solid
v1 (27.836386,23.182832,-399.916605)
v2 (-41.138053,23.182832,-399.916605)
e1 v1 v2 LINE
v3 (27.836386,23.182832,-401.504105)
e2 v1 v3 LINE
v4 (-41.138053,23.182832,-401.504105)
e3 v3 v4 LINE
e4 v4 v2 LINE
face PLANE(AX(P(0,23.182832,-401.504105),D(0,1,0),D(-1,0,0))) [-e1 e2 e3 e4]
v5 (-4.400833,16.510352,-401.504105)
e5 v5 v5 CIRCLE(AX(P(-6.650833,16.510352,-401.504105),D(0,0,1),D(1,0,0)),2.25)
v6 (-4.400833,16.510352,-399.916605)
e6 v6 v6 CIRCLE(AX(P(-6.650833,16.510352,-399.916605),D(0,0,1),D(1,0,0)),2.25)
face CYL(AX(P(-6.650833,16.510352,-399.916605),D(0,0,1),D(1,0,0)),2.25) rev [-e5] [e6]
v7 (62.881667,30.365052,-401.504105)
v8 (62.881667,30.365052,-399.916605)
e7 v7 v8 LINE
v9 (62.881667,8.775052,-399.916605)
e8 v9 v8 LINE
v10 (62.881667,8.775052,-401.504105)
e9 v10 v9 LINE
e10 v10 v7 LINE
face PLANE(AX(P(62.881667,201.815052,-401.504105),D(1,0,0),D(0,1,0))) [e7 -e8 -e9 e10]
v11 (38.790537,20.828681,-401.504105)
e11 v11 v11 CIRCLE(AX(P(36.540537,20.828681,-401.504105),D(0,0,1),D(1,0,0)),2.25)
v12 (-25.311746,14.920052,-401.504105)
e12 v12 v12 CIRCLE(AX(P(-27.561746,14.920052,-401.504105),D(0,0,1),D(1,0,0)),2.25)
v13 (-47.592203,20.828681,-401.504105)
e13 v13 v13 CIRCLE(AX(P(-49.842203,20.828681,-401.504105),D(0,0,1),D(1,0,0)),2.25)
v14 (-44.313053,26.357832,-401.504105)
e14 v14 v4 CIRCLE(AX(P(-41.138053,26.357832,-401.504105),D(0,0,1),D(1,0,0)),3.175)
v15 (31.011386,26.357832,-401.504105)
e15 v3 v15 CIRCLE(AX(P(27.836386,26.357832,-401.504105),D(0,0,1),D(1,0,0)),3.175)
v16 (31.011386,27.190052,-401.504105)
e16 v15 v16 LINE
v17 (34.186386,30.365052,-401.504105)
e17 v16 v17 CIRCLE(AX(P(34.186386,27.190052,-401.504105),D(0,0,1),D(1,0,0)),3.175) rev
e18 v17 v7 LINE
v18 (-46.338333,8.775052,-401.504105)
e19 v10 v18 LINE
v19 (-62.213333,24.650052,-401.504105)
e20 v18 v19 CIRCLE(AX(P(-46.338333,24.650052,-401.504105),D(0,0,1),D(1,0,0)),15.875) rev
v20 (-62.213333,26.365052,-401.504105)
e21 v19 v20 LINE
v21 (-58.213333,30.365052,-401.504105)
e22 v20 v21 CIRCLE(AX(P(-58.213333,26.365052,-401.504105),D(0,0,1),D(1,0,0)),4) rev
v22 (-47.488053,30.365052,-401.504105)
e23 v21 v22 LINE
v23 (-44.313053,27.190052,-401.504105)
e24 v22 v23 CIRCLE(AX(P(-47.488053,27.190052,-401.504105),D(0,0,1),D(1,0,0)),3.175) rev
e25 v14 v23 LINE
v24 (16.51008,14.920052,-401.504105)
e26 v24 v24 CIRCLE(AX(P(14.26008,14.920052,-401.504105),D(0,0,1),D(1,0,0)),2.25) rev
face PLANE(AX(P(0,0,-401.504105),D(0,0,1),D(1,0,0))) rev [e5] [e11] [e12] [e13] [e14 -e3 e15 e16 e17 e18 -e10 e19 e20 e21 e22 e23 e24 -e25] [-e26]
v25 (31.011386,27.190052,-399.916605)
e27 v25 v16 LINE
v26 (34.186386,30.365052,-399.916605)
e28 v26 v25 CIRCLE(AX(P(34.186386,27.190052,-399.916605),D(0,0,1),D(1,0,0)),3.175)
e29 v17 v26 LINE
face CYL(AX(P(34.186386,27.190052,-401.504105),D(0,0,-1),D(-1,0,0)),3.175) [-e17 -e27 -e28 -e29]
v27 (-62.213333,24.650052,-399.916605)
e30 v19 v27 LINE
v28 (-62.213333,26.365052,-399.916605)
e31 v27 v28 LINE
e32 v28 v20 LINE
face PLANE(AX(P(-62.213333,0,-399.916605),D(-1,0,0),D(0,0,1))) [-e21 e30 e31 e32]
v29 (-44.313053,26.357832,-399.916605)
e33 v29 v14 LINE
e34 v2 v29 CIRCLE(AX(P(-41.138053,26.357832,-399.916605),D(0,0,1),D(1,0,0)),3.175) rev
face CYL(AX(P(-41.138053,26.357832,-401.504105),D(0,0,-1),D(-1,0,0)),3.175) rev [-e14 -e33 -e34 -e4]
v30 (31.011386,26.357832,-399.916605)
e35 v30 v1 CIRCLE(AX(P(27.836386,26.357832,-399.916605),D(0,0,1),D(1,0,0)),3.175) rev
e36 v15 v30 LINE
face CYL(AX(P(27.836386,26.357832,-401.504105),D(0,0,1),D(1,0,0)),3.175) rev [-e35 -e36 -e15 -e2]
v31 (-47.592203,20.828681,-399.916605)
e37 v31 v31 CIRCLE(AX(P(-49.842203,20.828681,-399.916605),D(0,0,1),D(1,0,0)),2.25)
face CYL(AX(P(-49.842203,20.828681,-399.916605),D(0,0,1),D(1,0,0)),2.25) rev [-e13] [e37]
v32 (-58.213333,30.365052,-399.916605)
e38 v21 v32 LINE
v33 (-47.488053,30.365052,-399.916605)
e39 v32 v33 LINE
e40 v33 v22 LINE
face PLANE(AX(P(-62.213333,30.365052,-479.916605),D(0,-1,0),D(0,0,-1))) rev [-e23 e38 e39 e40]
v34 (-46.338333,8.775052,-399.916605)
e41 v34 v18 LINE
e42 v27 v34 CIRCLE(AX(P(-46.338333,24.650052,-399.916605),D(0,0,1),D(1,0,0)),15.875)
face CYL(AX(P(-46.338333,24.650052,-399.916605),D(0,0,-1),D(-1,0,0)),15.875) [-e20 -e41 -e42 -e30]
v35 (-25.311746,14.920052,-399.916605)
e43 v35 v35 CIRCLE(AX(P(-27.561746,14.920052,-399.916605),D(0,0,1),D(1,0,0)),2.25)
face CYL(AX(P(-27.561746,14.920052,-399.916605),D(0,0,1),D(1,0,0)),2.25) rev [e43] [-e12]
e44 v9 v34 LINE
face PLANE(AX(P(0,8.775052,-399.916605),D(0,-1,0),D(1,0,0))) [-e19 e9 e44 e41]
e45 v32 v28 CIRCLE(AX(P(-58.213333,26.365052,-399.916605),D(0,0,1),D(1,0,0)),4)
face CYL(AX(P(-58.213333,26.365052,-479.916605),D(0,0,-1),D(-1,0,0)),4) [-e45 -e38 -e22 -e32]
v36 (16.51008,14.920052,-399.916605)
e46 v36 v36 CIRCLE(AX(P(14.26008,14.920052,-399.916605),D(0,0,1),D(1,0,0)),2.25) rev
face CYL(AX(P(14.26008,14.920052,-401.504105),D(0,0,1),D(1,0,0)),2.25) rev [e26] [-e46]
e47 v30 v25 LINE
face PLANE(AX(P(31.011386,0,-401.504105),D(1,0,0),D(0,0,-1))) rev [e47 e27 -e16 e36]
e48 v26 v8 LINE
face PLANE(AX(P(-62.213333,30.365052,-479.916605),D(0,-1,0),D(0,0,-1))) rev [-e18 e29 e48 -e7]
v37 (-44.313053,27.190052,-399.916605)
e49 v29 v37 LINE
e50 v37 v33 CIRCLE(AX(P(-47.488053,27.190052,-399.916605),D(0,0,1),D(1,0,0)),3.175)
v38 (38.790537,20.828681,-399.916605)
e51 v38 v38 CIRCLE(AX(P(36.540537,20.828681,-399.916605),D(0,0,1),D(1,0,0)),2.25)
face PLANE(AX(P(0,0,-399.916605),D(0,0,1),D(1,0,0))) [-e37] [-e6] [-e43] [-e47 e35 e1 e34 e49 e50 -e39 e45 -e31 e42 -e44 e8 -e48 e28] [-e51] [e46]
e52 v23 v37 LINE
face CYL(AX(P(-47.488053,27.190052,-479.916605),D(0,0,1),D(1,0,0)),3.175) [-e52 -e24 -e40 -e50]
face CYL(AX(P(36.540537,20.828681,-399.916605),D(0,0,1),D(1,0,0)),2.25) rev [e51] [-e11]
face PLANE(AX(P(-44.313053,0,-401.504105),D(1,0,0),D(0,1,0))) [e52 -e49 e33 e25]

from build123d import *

# Parameters (mm, degrees)
SKETCH2_W                     = 111.125
SKETCH2_H                     = 193.04
BOSS_EXTRUDE1_DEPTH           = 1.5875
FILLET1_R                     = 15.875
SKETCH6_R                     = 2.4003
SKETCH6_R_2                   = 3
SKETCH6_R_3                   = 6.477
SKETCH6_R_4                   = 10.762
CUT_EXTRUDE1_DEPTH            = 212.192646736
SKETCH7_W                     = 13.97
SKETCH7_H                     = 193.04
BOSS_EXTRUDE2_DEPTH           = 1.5875
SKETCH8_W                     = 75.32443897
SKETCH8_H                     = 38.1
SKETCH8_R                     = 10.762
SKETCH8_R_2                   = 3
SKETCH8_H_2                   = 31.75
SKETCH8_H_3                   = 34.487219484
SKETCH8_R_3                   = 2.4003
SKETCH8_R_4                   = 6.477
SKETCH8_R_5                   = 8.9535
CUT_EXTRUDE2_DEPTH            = 1.5875
FILLET2_R                     = 9.525
FILLET4_R                     = 9.525
SKETCH9_W                     = 125.095
SKETCH9_H                     = 149.86
CUT_EXTRUDE5_DEPTH            = 80
FILLET6_R                     = 4
FILLET10_R                    = 4
SKETCH4_W                     = 2.25
SKETCH4_H                     = 1.5875
M4_CLEARANCE_HOLE1_AT_2_COUNT = 2
M4_CLEARANCE_HOLE1_AT_2_PITCH = 43.406709572
M4_CLEARANCE_HOLE1_AT_3_COUNT = 2
M4_CLEARANCE_HOLE1_AT_3_PITCH = 86.3827405
M4_CLEARANCE_HOLE1_AT_4_COUNT = 2
M4_CLEARANCE_HOLE1_AT_4_PITCH = 189.737314909
M4_CLEARANCE_HOLE1_AT_5_COUNT = 2
M4_CLEARANCE_HOLE1_AT_5_PITCH = 178.553711266
M4_CLEARANCE_HOLE1_AT_6_COUNT = 2
M4_CLEARANCE_HOLE1_AT_6_PITCH = 168.9327405
M4_CLEARANCE_HOLE1_AT_7_COUNT = 2
M4_CLEARANCE_HOLE1_AT_7_PITCH = 23.050611575
M4_CLEARANCE_HOLE1_AT_8_COUNT = 2
M4_CLEARANCE_HOLE1_AT_8_PITCH = 186.221930585
SKETCH12_R                    = 2.25
SKETCH12_W                    = 69.5325
SKETCH12_H                    = 21.59
CUT_EXTRUDE6_DEPTH            = 212.39048994
SKETCH13_W                    = 75.32443897
SKETCH13_H                    = 3.175
CUT_EXTRUDE7_DEPTH            = 70.847408973
FILLET11_R                    = 3.175


with BuildPart() as part:
    # Sketch2 → Boss-Extrude1 (new body)
    # profile 1 of 2: a face of its own
    with BuildSketch(Plane.XY.offset(-401.504104662)):
        with Locations((-6.650833159, 105.295051609)):
            Rectangle(SKETCH2_W, SKETCH2_H)
        with BuildLine():
            ThreePointArc((40.429624387, 185.872334563), (40.429624387, 193.650509156), (32.651449794, 193.650509156))
            Line((32.651449794, 193.650509156), (29.670992248, 190.670051609))
            Line((29.670992248, 190.670051609), (-1.150833159, 190.670051609))
            Line((-1.150833159, 190.670051609), (-1.150833159, 194.079751609))
            ThreePointArc((-1.150833159, 194.079751609), (-6.650833159, 199.579751609), (-12.150833159, 194.079751609))
            Line((-12.150833159, 194.079751609), (-12.150833159, 190.670051609))
            Line((-12.150833159, 190.670051609), (-42.972658566, 190.670051609))
            Line((-42.972658566, 190.670051609), (-45.953116112, 193.650509156))
            ThreePointArc((-45.953116112, 193.650509156), (-53.731290705, 193.650509156), (-53.731290705, 185.872334563))
            Line((-53.731290705, 185.872334563), (-50.750833159, 182.891877016))
            Line((-50.750833159, 182.891877016), (-50.750833159, 138.989051609))
            Line((-50.750833159, 138.989051609), (-54.160533159, 138.989051609))
            ThreePointArc((-54.160533159, 138.989051609), (-59.660533159, 133.489051609), (-54.160533159, 127.989051609))
            Line((-54.160533159, 127.989051609), (-50.750833159, 127.989051609))
            Line((-50.750833159, 127.989051609), (-50.750833159, 82.601051609))
            Line((-50.750833159, 82.601051609), (-54.160533159, 82.601051609))
            ThreePointArc((-54.160533159, 82.601051609), (-59.660533159, 77.101051609), (-54.160533159, 71.601051609))
            Line((-54.160533159, 71.601051609), (-50.750833159, 71.601051609))
            Line((-50.750833159, 71.601051609), (-50.750833159, 27.698226203))
            Line((-50.750833159, 27.698226203), (-53.731290705, 24.717768656))
            ThreePointArc((-53.731290705, 24.717768656), (-53.731290705, 16.939594063), (-45.953116112, 16.939594063))
            Line((-45.953116112, 16.939594063), (-42.972658566, 19.920051609))
            Line((-42.972658566, 19.920051609), (-12.150833159, 19.920051609))
            Line((-12.150833159, 19.920051609), (-12.150833159, 16.510351609))
            ThreePointArc((-12.150833159, 16.510351609), (-6.650833159, 11.010351609), (-1.150833159, 16.510351609))
            Line((-1.150833159, 16.510351609), (-1.150833159, 19.920051609))
            Line((-1.150833159, 19.920051609), (29.670992248, 19.920051609))
            Line((29.670992248, 19.920051609), (32.651449794, 16.939594063))
            ThreePointArc((32.651449794, 16.939594063), (40.429624387, 16.939594063), (40.429624387, 24.717768656))
            Line((40.429624387, 24.717768656), (37.449166841, 27.698226203))
            Line((37.449166841, 27.698226203), (37.449166841, 71.601051609))
            Line((37.449166841, 71.601051609), (40.858866841, 71.601051609))
            ThreePointArc((40.858866841, 71.601051609), (46.358866841, 77.101051609), (40.858866841, 82.601051609))
            Line((40.858866841, 82.601051609), (37.449166841, 82.601051609))
            Line((37.449166841, 82.601051609), (37.449166841, 127.989051609))
            Line((37.449166841, 127.989051609), (40.858866841, 127.989051609))
            ThreePointArc((40.858866841, 127.989051609), (46.358866841, 133.489051609), (40.858866841, 138.989051609))
            Line((40.858866841, 138.989051609), (37.449166841, 138.989051609))
            Line((37.449166841, 138.989051609), (37.449166841, 182.891877016))
            Line((37.449166841, 182.891877016), (40.429624387, 185.872334563))
        make_face(mode=Mode.SUBTRACT)
    # profile 2 of 2: a face of its own
    with BuildSketch(Plane.XY.offset(-401.504104662)):
        with BuildLine():
            Line((37.449166841, 182.891877016), (40.429624387, 185.872334563))
            ThreePointArc((40.429624387, 185.872334563), (40.429624387, 193.650509156), (32.651449794, 193.650509156))
            Line((32.651449794, 193.650509156), (29.670992248, 190.670051609))
            Line((29.670992248, 190.670051609), (-1.150833159, 190.670051609))
            Line((-1.150833159, 190.670051609), (-1.150833159, 194.079751609))
            ThreePointArc((-1.150833159, 194.079751609), (-6.650833159, 199.579751609), (-12.150833159, 194.079751609))
            Line((-12.150833159, 194.079751609), (-12.150833159, 190.670051609))
            Line((-12.150833159, 190.670051609), (-42.972658566, 190.670051609))
            Line((-42.972658566, 190.670051609), (-45.953116112, 193.650509156))
            ThreePointArc((-45.953116112, 193.650509156), (-53.731290705, 193.650509156), (-53.731290705, 185.872334563))
            Line((-53.731290705, 185.872334563), (-50.750833159, 182.891877016))
            Line((-50.750833159, 182.891877016), (-50.750833159, 138.989051609))
            Line((-50.750833159, 138.989051609), (-54.160533159, 138.989051609))
            ThreePointArc((-54.160533159, 138.989051609), (-59.660533159, 133.489051609), (-54.160533159, 127.989051609))
            Line((-54.160533159, 127.989051609), (-50.750833159, 127.989051609))
            Line((-50.750833159, 127.989051609), (-50.750833159, 82.601051609))
            Line((-50.750833159, 82.601051609), (-54.160533159, 82.601051609))
            ThreePointArc((-54.160533159, 82.601051609), (-59.660533159, 77.101051609), (-54.160533159, 71.601051609))
            Line((-54.160533159, 71.601051609), (-50.750833159, 71.601051609))
            Line((-50.750833159, 71.601051609), (-50.750833159, 27.698226203))
            Line((-50.750833159, 27.698226203), (-53.731290705, 24.717768656))
            ThreePointArc((-53.731290705, 24.717768656), (-53.731290705, 16.939594063), (-45.953116112, 16.939594063))
            Line((-45.953116112, 16.939594063), (-42.972658566, 19.920051609))
            Line((-42.972658566, 19.920051609), (-12.150833159, 19.920051609))
            Line((-12.150833159, 19.920051609), (-12.150833159, 16.510351609))
            ThreePointArc((-12.150833159, 16.510351609), (-6.650833159, 11.010351609), (-1.150833159, 16.510351609))
            Line((-1.150833159, 16.510351609), (-1.150833159, 19.920051609))
            Line((-1.150833159, 19.920051609), (29.670992248, 19.920051609))
            Line((29.670992248, 19.920051609), (32.651449794, 16.939594063))
            ThreePointArc((32.651449794, 16.939594063), (40.429624387, 16.939594063), (40.429624387, 24.717768656))
            Line((40.429624387, 24.717768656), (37.449166841, 27.698226203))
            Line((37.449166841, 27.698226203), (37.449166841, 71.601051609))
            Line((37.449166841, 71.601051609), (40.858866841, 71.601051609))
            ThreePointArc((40.858866841, 71.601051609), (46.358866841, 77.101051609), (40.858866841, 82.601051609))
            Line((40.858866841, 82.601051609), (37.449166841, 82.601051609))
            Line((37.449166841, 82.601051609), (37.449166841, 127.989051609))
            Line((37.449166841, 127.989051609), (40.858866841, 127.989051609))
            ThreePointArc((40.858866841, 127.989051609), (46.358866841, 133.489051609), (40.858866841, 138.989051609))
            Line((40.858866841, 138.989051609), (37.449166841, 138.989051609))
            Line((37.449166841, 138.989051609), (37.449166841, 182.891877016))
        make_face()
    extrude(amount=BOSS_EXTRUDE1_DEPTH)

    # Fillet1
    fillet1_edges = [part.edges().sort_by_distance(p)[0] for p in [
        (-62.213333159, 201.815051609, -400.710354662),
        (-62.213333159, 8.775051609, -400.710354662),
    ]]
    fillet(fillet1_edges, radius=FILLET1_R)

    # Sketch6 → Cut-Extrude1 (cut, through all)
    with BuildSketch(Plane.XY.offset(-399.916604662)):
        with Locations((-34.590833159, 43.382551609)):
            Circle(SKETCH6_R)
        with Locations((21.289166841, 43.382551609)):
            Circle(SKETCH6_R)
        with Locations((-20.884724927, 142.590766631)):
            Circle(SKETCH6_R_2)
        with Locations((7.583058609, 166.225175879)):
            Circle(SKETCH6_R_2)
        with Locations((3.509166841, 43.382551609)):
            Circle(SKETCH6_R_3)
        with Locations((-16.810833159, 43.382551609)):
            Circle(SKETCH6_R_3)
        with Locations((-33.320833159, 123.670051609)):
            Circle(SKETCH6_R_3)
        with Locations((-6.650833159, 154.407971255)):
            Circle(SKETCH6_R_4)
        with Locations((-6.650833159, 94.607131964)):
            Circle(SKETCH6_R_4)
    extrude(amount=-CUT_EXTRUDE1_DEPTH, mode=Mode.SUBTRACT)

    # Sketch7 → Boss-Extrude2 (add)
    with BuildSketch(Plane.XY.offset(-399.916604662)):
        with Locations((55.896666841, 105.295051609)):
            Rectangle(SKETCH7_W, SKETCH7_H)
    extrude(amount=-BOSS_EXTRUDE2_DEPTH)

    # Sketch8 → Cut-Extrude2 (cut)
    # profile 1 of 4: a face of its own
    with BuildSketch(Plane.XY.offset(-399.916604662)):
        with Locations((-6.650833159, 154.407971255)):
            Rectangle(SKETCH8_W, SKETCH8_H)
        with Locations((-6.650833159, 154.407971255)):
            Circle(SKETCH8_R, mode=Mode.SUBTRACT)
        with Locations((7.583058609, 166.225175879)):
            Circle(SKETCH8_R_2, mode=Mode.SUBTRACT)
        with Locations((-20.884724927, 142.590766631)):
            Circle(SKETCH8_R_2, mode=Mode.SUBTRACT)
    # profile 2 of 4: a face of its own
    with BuildSketch(Plane.XY.offset(-399.916604662)):
        with Locations((-6.650833159, 94.607131964)):
            Rectangle(SKETCH8_W, SKETCH8_H_2)
        with Locations((-6.650833159, 94.607131964)):
            Circle(SKETCH8_R, mode=Mode.SUBTRACT)
    # profile 3 of 4: a face of its own
    with BuildSketch(Plane.XY.offset(-399.916604662)):
        with Locations((-6.650833159, 43.601441867)):
            Rectangle(SKETCH8_W, SKETCH8_H_3)
        with Locations((-34.590833159, 43.382551609)):
            Circle(SKETCH8_R_3, mode=Mode.SUBTRACT)
        with Locations((-16.810833159, 43.382551609)):
            Circle(SKETCH8_R_4, mode=Mode.SUBTRACT)
        with Locations((3.509166841, 43.382551609)):
            Circle(SKETCH8_R_4, mode=Mode.SUBTRACT)
        with Locations((21.289166841, 43.382551609)):
            Circle(SKETCH8_R_3, mode=Mode.SUBTRACT)
    # profile 4 of 4: a face of its own
    with BuildSketch(Plane.XY.offset(-399.916604662)):
        with Locations((-33.320833159, 123.670051609)):
            Circle(SKETCH8_R_5)
        with Locations((-33.320833159, 123.670051609)):
            Circle(SKETCH8_R_4, mode=Mode.SUBTRACT)
    extrude(amount=-CUT_EXTRUDE2_DEPTH, mode=Mode.SUBTRACT)

    # Fillet2
    fillet2_edges = [part.edges().sort_by_distance(p)[0] for p in [
        (31.011386326, 135.357971255, -400.710354662),
        (-44.313052644, 135.357971255, -400.710354662),
        (-44.313052644, 173.457971255, -400.710354662),
        (31.011386326, 173.457971255, -400.710354662),
    ]]
    fillet(fillet2_edges, radius=FILLET2_R)

    # Fillet4
    fillet4_edges = [part.edges().sort_by_distance(p)[0] for p in [
        (31.011386326, 110.482131964, -400.710354662),
        (31.011386326, 78.732131964, -400.710354662),
        (-44.313052644, 78.732131964, -400.710354662),
        (-44.313052644, 110.482131964, -400.710354662),
    ]]
    fillet(fillet4_edges, radius=FILLET4_R)

    # Sketch9 → Cut-Extrude5 (cut)
    with BuildSketch(Plane.XY.offset(-399.916604662)):
        with Locations((0.334166841, 105.295051609)):
            Rectangle(SKETCH9_W, SKETCH9_H)
    extrude(amount=-CUT_EXTRUDE5_DEPTH, mode=Mode.SUBTRACT)


with BuildPart() as cut_extrude5_piece_1:
    # of the separate pieces the step leaves, piece 1, a body of its own (cut_extrude5_pieces)
    add(part.part.solids().sort_by_distance((62.881666841, 180.225051609, -401.504104662))[0])

    # Fillet10
    fillet10_edges = [cut_extrude5_piece_1.edges().sort_by_distance(p)[0] for p in [
        (-62.213333159, 180.225051609, -400.710354662),
    ]]
    fillet(fillet10_edges, radius=FILLET10_R)

    # Sketch4 → M4 Clearance Hole1 (revolve, cut)
    with BuildSketch(Plane(origin=(36.540537091, 189.761421859, -399.916604662), x_dir=(0, -1, 0), z_dir=(1, 0, 0))):
        with Locations((1.125, 0.79375)):
            Rectangle(SKETCH4_W, SKETCH4_H)
    m4_clearance_hole1 = revolve(axis=Axis((36.540537091, 189.761421859, -393.566604662), (0, 0, -1)), mode=Mode.SUBTRACT)

    # M4 Clearance Hole1 at 2: M4 Clearance Hole1 ×2
    with Locations(*[Vector(-0.9950390314183887, 0.09948530521617187, 0) * (i * M4_CLEARANCE_HOLE1_AT_2_PITCH) for i in range(1, M4_CLEARANCE_HOLE1_AT_2_COUNT)]):
        add(m4_clearance_hole1, mode=Mode.SUBTRACT)

    # M4 Clearance Hole1 at 3: M4 Clearance Hole1 ×2
    with Locations(*[(-i * M4_CLEARANCE_HOLE1_AT_3_PITCH, 0, 0) for i in range(1, M4_CLEARANCE_HOLE1_AT_3_COUNT)]):
        add(m4_clearance_hole1, mode=Mode.SUBTRACT)

    # M4 Clearance Hole1 at 7: M4 Clearance Hole1 ×2
    with Locations(*[Vector(-0.9665885641891935, 0.25633288430997997, 0) * (i * M4_CLEARANCE_HOLE1_AT_7_PITCH) for i in range(1, M4_CLEARANCE_HOLE1_AT_7_COUNT)]):
        add(m4_clearance_hole1, mode=Mode.SUBTRACT)


with BuildPart() as cut_extrude5_piece_2:
    # of the separate pieces the step leaves, piece 2, a body of its own (cut_extrude5_pieces)
    add(part.part.solids().sort_by_distance((-62.213333159, 24.650051609, -401.504104662))[0])

    # Fillet6
    fillet6_edges = [cut_extrude5_piece_2.edges().sort_by_distance(p)[0] for p in [
        (-62.213333159, 30.365051609, -400.710354662),
    ]]
    fillet(fillet6_edges, radius=FILLET6_R)

    # M4 Clearance Hole1 at 4: M4 Clearance Hole1 ×2
    with Locations(*[Vector(-0.45527544511186635, -0.890350643891603, 0) * (i * M4_CLEARANCE_HOLE1_AT_4_PITCH) for i in range(1, M4_CLEARANCE_HOLE1_AT_4_COUNT)]):
        add(m4_clearance_hole1, mode=Mode.SUBTRACT)

    # M4 Clearance Hole1 at 5: M4 Clearance Hole1 ×2
    with Locations(*[Vector(-0.24189567354056962, -0.970302263793275, 0) * (i * M4_CLEARANCE_HOLE1_AT_5_PITCH) for i in range(1, M4_CLEARANCE_HOLE1_AT_5_COUNT)]):
        add(m4_clearance_hole1, mode=Mode.SUBTRACT)

    # M4 Clearance Hole1 at 6: M4 Clearance Hole1 ×2
    with Locations(*[(0, -i * M4_CLEARANCE_HOLE1_AT_6_PITCH, 0) for i in range(1, M4_CLEARANCE_HOLE1_AT_6_COUNT)]):
        add(m4_clearance_hole1, mode=Mode.SUBTRACT)

    # M4 Clearance Hole1 at 8: M4 Clearance Hole1 ×2
    with Locations(*[Vector(-0.34422520887864616, -0.9388871101322313, 0) * (i * M4_CLEARANCE_HOLE1_AT_8_PITCH) for i in range(1, M4_CLEARANCE_HOLE1_AT_8_COUNT)]):
        add(m4_clearance_hole1, mode=Mode.SUBTRACT)


with BuildPart() as cut_extrude6_tool:
    # Sketch12 → Cut-Extrude6 (new, through all)
    # profile 1 of 5: a face of its own
    with BuildSketch(Plane.XY.offset(-399.916604662)):
        with BuildLine():
            Line((-6.650833159, 180.225051609), (-6.650833159, 201.815051609))
            Line((-6.650833159, 201.815051609), (-46.338333159, 201.815051609))
            ThreePointArc((-46.338333159, 201.815051609), (-57.56365331, 197.165371761), (-62.213333159, 185.940051609))
            Line((-62.213333159, 185.940051609), (-62.213333159, 184.225051609))
            ThreePointArc((-62.213333159, 184.225051609), (-61.041760284, 181.396624485), (-58.213333159, 180.225051609))
            Line((-58.213333159, 180.225051609), (-6.650833159, 180.225051609))
        make_face()
        with Locations((-27.561745863, 195.670051609)):
            Circle(SKETCH12_R, mode=Mode.SUBTRACT)
    # profile 2 of 5: a face of its own
    with BuildSketch(Plane.XY.offset(-399.916604662)):
        with Locations((-27.561745863, 195.670051609)):
            Circle(SKETCH12_R)
    # profile 3 of 5: a face of its own
    with BuildSketch(Plane.XY.offset(-399.916604662)):
        with Locations((28.115416841, 191.020051609)):
            Rectangle(SKETCH12_W, SKETCH12_H)
        with Locations((14.260079544, 195.670051609)):
            Circle(SKETCH12_R, mode=Mode.SUBTRACT)
    # profile 4 of 5: a face of its own
    with BuildSketch(Plane.XY.offset(-399.916604662)):
        with Locations((14.260079544, 195.670051609)):
            Circle(SKETCH12_R)
    # profile 5 of 5: a face of its own
    with BuildSketch(Plane.XY.offset(-399.916604662)):
        with Locations((14.260079544, 14.920051609)):
            Circle(SKETCH12_R)
    extrude(amount=-CUT_EXTRUDE6_DEPTH)


with BuildPart() as cut_extrude5_piece_1_1:
    add(cut_extrude5_piece_1.part)

    # Cut-Extrude6: cut by cut_extrude6_tool
    add(cut_extrude6_tool.part, mode=Mode.SUBTRACT)


with BuildPart() as cut_extrude5_piece_2_1:
    add(cut_extrude5_piece_2.part)

    # Cut-Extrude6: cut by cut_extrude6_tool
    add(cut_extrude6_tool.part, mode=Mode.SUBTRACT)

    # Sketch13 → Cut-Extrude7 (cut, through all)
    with BuildSketch(Plane.XY.offset(-399.916604662)):
        with Locations((-6.650833159, 24.770332125)):
            Rectangle(SKETCH13_W, SKETCH13_H)
    extrude(amount=-CUT_EXTRUDE7_DEPTH, mode=Mode.SUBTRACT)

    # Fillet11
    fillet11_edges = [cut_extrude5_piece_2_1.edges().sort_by_distance(p)[0] for p in [
        (-44.313052644, 30.365051609, -400.710354662),
        (31.011386326, 30.365051609, -400.710354662),
        (-44.313052644, 23.182832125, -400.710354662),
        (31.011386326, 23.182832125, -400.710354662),
    ]]
    fillet(fillet11_edges, radius=FILLET11_R)


solid = cut_extrude5_piece_2_1.part
